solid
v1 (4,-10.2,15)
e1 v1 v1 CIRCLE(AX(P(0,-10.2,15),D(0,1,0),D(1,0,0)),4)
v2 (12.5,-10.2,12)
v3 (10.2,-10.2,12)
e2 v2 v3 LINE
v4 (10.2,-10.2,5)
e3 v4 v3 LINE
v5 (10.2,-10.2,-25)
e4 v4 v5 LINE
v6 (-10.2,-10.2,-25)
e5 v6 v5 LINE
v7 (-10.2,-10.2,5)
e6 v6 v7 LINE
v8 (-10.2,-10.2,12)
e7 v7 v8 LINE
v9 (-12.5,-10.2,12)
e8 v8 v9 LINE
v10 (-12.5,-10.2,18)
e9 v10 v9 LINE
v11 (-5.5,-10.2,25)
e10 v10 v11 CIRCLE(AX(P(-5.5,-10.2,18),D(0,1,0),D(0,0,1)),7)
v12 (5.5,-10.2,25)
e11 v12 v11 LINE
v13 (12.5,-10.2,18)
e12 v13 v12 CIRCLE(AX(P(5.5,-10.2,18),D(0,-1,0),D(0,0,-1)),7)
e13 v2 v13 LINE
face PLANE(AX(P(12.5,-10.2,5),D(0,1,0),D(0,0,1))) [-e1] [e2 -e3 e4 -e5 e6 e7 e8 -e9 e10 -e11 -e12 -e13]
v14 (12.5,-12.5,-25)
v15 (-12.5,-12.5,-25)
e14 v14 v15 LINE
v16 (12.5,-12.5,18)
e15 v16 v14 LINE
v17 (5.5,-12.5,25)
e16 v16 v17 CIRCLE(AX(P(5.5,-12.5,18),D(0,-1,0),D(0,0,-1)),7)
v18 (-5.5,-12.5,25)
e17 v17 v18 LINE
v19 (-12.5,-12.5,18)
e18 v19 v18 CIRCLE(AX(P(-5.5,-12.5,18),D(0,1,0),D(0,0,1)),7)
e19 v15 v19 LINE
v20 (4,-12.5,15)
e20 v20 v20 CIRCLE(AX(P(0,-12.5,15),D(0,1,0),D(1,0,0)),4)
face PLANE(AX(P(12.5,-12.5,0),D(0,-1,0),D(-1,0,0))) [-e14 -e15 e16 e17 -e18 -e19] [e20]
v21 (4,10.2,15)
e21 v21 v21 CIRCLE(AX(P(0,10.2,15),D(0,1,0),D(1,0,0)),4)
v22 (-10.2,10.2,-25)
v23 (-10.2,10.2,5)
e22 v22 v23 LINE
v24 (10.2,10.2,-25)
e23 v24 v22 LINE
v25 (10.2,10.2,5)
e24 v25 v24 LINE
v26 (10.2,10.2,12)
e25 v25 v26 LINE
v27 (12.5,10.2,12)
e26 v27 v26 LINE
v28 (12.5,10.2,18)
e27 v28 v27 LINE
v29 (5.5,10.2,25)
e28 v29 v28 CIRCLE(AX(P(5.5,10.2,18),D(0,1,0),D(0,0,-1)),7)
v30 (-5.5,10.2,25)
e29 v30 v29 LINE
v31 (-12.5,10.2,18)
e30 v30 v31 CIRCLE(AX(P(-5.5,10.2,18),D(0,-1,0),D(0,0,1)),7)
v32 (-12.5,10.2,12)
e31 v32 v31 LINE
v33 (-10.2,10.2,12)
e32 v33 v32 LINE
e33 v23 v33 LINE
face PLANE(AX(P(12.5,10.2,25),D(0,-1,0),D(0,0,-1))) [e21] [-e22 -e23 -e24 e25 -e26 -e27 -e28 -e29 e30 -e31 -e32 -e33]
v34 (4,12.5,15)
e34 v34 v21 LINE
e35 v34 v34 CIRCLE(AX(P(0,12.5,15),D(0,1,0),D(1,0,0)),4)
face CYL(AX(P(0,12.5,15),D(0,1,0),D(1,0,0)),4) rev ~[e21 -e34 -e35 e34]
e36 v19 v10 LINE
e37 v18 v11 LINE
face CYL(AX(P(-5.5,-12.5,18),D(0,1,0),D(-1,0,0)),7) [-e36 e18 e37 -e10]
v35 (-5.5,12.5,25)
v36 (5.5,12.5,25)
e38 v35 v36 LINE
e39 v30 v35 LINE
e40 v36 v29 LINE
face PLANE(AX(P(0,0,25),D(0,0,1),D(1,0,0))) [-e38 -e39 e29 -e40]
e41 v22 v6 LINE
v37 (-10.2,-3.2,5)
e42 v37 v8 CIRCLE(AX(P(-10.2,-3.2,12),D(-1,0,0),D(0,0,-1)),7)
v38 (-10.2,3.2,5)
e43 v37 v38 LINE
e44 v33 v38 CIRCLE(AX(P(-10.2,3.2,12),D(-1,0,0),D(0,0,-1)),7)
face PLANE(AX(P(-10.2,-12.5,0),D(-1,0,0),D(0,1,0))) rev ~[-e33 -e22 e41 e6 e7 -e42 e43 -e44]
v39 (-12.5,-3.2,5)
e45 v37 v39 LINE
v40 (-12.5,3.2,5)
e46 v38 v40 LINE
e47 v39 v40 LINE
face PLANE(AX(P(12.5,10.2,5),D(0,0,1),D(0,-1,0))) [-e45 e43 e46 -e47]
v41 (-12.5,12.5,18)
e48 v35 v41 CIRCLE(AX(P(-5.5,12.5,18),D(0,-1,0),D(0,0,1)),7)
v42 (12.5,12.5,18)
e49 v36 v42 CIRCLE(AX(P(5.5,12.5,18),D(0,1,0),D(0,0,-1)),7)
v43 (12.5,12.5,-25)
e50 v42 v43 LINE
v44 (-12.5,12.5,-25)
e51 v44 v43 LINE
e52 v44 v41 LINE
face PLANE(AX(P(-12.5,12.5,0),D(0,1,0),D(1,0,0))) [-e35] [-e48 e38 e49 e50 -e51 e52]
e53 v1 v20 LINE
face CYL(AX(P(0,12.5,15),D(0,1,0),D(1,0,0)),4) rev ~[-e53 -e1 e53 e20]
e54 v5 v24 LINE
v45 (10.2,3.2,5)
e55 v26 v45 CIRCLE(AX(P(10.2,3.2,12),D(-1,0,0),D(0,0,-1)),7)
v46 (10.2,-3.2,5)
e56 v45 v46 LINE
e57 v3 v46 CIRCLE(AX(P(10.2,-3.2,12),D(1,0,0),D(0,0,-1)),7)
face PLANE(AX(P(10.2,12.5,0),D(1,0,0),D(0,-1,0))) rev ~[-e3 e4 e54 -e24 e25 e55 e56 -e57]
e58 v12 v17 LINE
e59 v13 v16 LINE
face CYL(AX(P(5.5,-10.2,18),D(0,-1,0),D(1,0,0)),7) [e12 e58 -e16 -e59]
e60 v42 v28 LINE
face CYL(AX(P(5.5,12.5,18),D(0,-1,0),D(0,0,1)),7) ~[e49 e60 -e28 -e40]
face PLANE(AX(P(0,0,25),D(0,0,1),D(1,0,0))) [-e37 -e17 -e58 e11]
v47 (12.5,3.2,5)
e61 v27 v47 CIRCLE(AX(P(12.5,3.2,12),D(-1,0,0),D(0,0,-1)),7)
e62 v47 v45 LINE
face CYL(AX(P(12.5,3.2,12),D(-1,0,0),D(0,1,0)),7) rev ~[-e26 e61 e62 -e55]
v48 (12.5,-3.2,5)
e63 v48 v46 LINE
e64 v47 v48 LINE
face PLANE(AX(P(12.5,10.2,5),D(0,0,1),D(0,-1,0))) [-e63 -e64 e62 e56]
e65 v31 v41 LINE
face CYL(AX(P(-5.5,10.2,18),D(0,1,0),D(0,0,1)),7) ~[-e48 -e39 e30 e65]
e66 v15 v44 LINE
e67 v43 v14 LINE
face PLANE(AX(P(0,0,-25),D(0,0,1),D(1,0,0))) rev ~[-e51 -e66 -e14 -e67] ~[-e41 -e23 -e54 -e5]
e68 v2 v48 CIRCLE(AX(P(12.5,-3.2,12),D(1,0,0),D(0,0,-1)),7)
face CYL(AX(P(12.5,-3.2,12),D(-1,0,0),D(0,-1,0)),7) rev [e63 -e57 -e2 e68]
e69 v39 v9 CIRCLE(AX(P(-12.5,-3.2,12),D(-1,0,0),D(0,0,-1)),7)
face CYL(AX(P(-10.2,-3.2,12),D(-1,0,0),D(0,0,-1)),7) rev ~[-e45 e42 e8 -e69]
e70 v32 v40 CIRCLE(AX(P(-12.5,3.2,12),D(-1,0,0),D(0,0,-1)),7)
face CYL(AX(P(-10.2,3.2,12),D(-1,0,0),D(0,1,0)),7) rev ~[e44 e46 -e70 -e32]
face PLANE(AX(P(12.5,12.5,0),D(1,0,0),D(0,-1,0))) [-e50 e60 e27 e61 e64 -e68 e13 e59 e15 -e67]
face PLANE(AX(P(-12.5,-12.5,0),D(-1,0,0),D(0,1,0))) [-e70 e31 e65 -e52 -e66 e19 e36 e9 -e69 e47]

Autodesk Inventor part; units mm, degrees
ref_plane "YZ Plane" through (0, 0, 0) normal (1, 0, 0) x (0, 1, 0)
ref_plane "XZ Plane" through (0, 0, 0) normal (0, 1, 0) x (-1, 0, 0)
ref_plane "XY Plane" through (0, 0, 0) normal (0, 0, 1) x (1, 0, 0)
sketch "スケッチ1" plane through (0, 0, 0) normal (0, 0, 1) x (1, 0, 0)
  line L0 (-12.5, 12.5) -> (12.5, 12.5)
  line L1 (12.5, 12.5) -> (12.5, -12.5)
  line L2 (12.5, -12.5) -> (-12.5, -12.5)
  line L3 (-12.5, -12.5) -> (-12.5, 12.5)
  line L4 (-12.5, 12.5) -> (12.5, -12.5) construction
  line L5 (12.5, 12.5) -> (-12.5, -12.5) construction
  point P0 (0, 0)
  dimension "d0" = 25
  dimension "d1" = 25
extrude "押し出し1" add sketch "スケッチ1" along normal mid plane 50
shell "シェル1" thickness 2.3 removed faces 2 at (-4.1667, -4.1667, 25) at (-4.1667, -4.1667, -25)
sketch "スケッチ2" plane through (12.5, -12.5, 25) normal (1, 0, 0) x (0, 0, -1)
  line L0 (0, 22.7) -> (20, 22.7)
  line L1 (20, 22.7) -> (20, 2.3)
  line L2 (20, 2.3) -> (0, 2.3)
  line L3 (0, 2.3) -> (0, 22.7)
  line L4 (0, 22.7) -> (20, 2.3) construction
  line L5 (20, 22.7) -> (0, 2.3) construction
  line L6 (0, 0) -> (0, 25) projected
  point P0 (25, 12.5)
  point P1 (10, 12.5)
  dimension "d5" = 20
extrude "押し出し2" cut sketch "スケッチ2" against normal through all
sketch "スケッチ3" plane through (-12.5, 12.5, 25) normal (0, 1, 0) x (1, 0, 0)
  circle A0 centre (12.5, 10) radius 4
  line L0 (25, 0) -> (0, 0) projected
  line L1 (0, 50) -> (0, 0) projected
  point P0 (12.5, 25)
  dimension "d8" = 8
  dimension "d9" = 10
  dimension "d10" = 12.5
extrude "押し出し3" cut sketch "スケッチ3" against normal through all
fillet "フィレット1" radius 7 8 edges at (12.5, -11.35, 25) (-12.5, -11.35, 25) (-12.5, 11.35, 25) (12.5, 11.35, 25) (11.35, 10.2, 5) (-11.35, 10.2, 5) (-11.35, -10.2, 5) (11.35, -10.2, 5)
equation "\"d1\" = d0"
properties part number "body-braket"
